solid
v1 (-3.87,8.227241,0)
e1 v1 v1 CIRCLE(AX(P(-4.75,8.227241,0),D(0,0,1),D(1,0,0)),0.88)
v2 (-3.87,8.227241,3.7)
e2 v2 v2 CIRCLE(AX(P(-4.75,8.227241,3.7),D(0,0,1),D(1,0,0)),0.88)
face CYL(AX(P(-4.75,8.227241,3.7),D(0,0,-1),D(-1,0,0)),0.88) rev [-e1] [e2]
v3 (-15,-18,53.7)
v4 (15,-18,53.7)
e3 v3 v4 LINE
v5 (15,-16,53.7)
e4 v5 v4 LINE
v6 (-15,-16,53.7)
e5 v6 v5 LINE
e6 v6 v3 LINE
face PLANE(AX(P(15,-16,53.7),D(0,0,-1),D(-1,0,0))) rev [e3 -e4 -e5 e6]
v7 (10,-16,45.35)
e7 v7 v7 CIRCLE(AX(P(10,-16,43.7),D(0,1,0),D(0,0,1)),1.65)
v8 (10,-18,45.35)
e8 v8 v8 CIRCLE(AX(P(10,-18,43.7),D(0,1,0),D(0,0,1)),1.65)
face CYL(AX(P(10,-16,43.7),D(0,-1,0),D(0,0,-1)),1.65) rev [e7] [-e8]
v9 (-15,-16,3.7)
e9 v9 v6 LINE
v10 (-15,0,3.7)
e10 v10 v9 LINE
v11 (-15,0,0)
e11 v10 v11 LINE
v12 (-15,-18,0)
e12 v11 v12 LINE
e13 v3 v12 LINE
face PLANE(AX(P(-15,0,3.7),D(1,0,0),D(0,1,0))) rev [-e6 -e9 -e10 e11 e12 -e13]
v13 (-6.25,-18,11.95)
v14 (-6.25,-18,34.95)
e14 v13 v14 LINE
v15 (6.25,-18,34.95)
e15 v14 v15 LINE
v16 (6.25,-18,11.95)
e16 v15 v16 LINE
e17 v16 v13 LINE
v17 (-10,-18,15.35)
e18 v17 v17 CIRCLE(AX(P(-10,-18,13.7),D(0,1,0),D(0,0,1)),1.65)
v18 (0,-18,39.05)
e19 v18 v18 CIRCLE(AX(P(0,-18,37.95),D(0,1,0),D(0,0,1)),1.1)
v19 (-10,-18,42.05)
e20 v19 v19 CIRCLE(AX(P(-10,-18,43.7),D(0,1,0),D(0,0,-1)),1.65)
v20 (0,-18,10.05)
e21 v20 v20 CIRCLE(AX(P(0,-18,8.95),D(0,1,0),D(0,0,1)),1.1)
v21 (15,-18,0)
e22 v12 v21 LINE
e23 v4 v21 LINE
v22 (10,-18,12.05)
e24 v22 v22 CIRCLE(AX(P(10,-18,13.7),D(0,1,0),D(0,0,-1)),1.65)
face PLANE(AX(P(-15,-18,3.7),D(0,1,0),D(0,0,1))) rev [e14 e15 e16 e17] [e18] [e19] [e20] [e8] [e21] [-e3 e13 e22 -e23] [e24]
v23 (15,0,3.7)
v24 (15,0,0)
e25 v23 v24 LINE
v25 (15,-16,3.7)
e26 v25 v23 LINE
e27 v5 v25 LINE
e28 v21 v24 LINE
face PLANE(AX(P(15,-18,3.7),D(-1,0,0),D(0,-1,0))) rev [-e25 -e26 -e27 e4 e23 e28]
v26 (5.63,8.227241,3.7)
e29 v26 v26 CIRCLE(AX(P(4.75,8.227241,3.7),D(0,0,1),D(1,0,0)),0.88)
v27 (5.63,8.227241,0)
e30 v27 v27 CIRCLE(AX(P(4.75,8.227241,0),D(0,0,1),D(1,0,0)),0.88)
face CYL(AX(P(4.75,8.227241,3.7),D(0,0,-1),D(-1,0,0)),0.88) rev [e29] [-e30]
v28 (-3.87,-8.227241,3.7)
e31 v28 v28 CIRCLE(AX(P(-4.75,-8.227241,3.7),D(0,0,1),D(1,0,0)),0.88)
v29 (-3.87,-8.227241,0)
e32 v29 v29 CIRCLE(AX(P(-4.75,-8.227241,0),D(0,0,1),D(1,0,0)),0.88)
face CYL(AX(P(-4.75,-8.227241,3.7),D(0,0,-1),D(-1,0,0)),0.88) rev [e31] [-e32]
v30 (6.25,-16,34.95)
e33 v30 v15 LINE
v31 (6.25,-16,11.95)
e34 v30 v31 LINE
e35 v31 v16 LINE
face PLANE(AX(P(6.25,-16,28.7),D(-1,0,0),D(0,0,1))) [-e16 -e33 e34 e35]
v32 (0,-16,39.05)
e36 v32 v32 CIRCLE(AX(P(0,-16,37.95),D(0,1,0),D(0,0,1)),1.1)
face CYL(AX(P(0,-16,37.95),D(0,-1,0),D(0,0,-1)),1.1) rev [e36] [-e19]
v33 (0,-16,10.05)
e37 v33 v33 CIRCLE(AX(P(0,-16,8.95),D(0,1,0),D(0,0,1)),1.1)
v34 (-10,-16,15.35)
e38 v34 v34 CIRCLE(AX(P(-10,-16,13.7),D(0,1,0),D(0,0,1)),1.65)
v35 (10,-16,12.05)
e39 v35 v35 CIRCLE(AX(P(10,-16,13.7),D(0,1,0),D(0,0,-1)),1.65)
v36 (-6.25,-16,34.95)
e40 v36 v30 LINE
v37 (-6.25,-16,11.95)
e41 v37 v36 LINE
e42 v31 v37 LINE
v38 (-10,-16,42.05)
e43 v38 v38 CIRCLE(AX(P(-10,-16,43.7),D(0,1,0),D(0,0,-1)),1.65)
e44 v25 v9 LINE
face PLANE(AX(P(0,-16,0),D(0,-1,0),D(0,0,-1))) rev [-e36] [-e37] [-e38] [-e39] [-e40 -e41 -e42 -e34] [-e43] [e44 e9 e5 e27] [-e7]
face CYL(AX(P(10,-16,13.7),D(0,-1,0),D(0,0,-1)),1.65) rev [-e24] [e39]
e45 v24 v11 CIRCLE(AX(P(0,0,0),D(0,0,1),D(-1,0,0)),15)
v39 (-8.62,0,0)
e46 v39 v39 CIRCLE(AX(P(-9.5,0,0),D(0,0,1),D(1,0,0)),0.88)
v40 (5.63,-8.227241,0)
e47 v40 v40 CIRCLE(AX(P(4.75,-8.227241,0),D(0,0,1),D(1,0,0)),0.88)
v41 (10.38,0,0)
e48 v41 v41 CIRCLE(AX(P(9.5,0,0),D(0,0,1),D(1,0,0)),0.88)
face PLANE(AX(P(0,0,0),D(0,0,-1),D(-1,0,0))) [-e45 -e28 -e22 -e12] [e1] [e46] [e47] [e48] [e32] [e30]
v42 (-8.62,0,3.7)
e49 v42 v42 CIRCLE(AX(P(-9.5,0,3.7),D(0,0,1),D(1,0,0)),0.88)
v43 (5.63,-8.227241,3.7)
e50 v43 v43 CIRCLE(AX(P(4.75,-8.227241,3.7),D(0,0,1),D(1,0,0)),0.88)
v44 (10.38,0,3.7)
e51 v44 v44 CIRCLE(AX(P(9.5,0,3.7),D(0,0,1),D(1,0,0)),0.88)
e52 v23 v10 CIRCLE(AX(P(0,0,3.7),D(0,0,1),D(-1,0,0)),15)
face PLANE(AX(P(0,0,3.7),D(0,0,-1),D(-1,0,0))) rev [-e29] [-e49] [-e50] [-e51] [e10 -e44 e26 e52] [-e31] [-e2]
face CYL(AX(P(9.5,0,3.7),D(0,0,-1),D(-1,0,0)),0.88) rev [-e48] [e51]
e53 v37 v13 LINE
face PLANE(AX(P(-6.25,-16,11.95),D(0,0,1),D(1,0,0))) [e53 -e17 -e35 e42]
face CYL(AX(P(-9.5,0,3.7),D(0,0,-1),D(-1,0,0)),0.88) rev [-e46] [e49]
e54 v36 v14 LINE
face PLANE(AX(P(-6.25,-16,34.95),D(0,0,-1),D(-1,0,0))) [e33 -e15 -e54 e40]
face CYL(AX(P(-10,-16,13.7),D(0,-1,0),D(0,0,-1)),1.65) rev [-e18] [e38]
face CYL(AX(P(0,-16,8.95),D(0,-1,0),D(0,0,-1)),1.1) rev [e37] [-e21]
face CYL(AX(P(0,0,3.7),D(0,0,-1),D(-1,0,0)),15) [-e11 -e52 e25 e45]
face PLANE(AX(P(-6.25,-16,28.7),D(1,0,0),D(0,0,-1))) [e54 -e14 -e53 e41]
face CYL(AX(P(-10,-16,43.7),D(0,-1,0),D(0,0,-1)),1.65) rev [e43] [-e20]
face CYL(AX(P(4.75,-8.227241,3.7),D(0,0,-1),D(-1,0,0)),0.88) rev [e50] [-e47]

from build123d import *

# Parameters (mm, degrees)
SKETCH_1_R      = 0.88
EXTRUDE_1_DEPTH = 3.7
SKETCH_3_W      = 30
SKETCH_3_H      = 50
SKETCH_3_R      = 1.65
SKETCH_3_R_2    = 1.1
EXTRUDE_2_DEPTH = 2


with BuildPart() as part:
    # 草图1 → 凸台-拉伸1 (new body)
    with BuildSketch(Plane.XY):
        with BuildLine():
            Line((-15, 0), (-15, -18))
            Line((-15, -18), (15, -18))
            Line((15, -18), (15, 0))
            ThreePointArc((15, 0), (0, 15), (-15, 0))
        make_face()
        with Locations((9.5, 0)):
            Circle(SKETCH_1_R, mode=Mode.SUBTRACT)
        with Locations((4.75, -8.227241336)):
            Circle(SKETCH_1_R, mode=Mode.SUBTRACT)
        with Locations((-4.75, -8.227241336)):
            Circle(SKETCH_1_R, mode=Mode.SUBTRACT)
        with Locations((-9.5, 0)):
            Circle(SKETCH_1_R, mode=Mode.SUBTRACT)
        with Locations((-4.75, 8.227241336)):
            Circle(SKETCH_1_R, mode=Mode.SUBTRACT)
        with Locations((4.75, 8.227241336)):
            Circle(SKETCH_1_R, mode=Mode.SUBTRACT)
    extrude(amount=EXTRUDE_1_DEPTH)

    # 草图3 → 凸台-拉伸2 (add)
    with BuildSketch(Plane(origin=(0, -18, 0), x_dir=(1, 0, 0), z_dir=(0, 1, 0))):
        with Locations((0, -28.7)):
            Rectangle(SKETCH_3_W, SKETCH_3_H)
        with Locations(Location((-10, -13.7, 0), (0, 0, 270))):
            Circle(SKETCH_3_R, mode=Mode.SUBTRACT)
        with Locations(Location((10, -13.7, 0), (0, 0, 90))):
            Circle(SKETCH_3_R, mode=Mode.SUBTRACT)
        with Locations(Location((10, -43.7, 0), (0, 0, 270))):
            Circle(SKETCH_3_R, mode=Mode.SUBTRACT)
        with Locations(Location((-10, -43.7, 0), (0, 0, 90))):
            Circle(SKETCH_3_R, mode=Mode.SUBTRACT)
        with Locations(Location((0, -8.95, 0), (0, 0, 270))):
            Circle(SKETCH_3_R_2, mode=Mode.SUBTRACT)
        with Locations(Location((0, -37.95, 0), (0, 0, 270))):
            Circle(SKETCH_3_R_2, mode=Mode.SUBTRACT)
        Polygon((-6.25, -28.7), (-6.25, -11.95), (6.25, -11.95), (6.25, -28.7), (6.25, -34.95), (-6.25, -34.95), align=None, mode=Mode.SUBTRACT)
    extrude(amount=EXTRUDE_2_DEPTH)


solid = part.part
